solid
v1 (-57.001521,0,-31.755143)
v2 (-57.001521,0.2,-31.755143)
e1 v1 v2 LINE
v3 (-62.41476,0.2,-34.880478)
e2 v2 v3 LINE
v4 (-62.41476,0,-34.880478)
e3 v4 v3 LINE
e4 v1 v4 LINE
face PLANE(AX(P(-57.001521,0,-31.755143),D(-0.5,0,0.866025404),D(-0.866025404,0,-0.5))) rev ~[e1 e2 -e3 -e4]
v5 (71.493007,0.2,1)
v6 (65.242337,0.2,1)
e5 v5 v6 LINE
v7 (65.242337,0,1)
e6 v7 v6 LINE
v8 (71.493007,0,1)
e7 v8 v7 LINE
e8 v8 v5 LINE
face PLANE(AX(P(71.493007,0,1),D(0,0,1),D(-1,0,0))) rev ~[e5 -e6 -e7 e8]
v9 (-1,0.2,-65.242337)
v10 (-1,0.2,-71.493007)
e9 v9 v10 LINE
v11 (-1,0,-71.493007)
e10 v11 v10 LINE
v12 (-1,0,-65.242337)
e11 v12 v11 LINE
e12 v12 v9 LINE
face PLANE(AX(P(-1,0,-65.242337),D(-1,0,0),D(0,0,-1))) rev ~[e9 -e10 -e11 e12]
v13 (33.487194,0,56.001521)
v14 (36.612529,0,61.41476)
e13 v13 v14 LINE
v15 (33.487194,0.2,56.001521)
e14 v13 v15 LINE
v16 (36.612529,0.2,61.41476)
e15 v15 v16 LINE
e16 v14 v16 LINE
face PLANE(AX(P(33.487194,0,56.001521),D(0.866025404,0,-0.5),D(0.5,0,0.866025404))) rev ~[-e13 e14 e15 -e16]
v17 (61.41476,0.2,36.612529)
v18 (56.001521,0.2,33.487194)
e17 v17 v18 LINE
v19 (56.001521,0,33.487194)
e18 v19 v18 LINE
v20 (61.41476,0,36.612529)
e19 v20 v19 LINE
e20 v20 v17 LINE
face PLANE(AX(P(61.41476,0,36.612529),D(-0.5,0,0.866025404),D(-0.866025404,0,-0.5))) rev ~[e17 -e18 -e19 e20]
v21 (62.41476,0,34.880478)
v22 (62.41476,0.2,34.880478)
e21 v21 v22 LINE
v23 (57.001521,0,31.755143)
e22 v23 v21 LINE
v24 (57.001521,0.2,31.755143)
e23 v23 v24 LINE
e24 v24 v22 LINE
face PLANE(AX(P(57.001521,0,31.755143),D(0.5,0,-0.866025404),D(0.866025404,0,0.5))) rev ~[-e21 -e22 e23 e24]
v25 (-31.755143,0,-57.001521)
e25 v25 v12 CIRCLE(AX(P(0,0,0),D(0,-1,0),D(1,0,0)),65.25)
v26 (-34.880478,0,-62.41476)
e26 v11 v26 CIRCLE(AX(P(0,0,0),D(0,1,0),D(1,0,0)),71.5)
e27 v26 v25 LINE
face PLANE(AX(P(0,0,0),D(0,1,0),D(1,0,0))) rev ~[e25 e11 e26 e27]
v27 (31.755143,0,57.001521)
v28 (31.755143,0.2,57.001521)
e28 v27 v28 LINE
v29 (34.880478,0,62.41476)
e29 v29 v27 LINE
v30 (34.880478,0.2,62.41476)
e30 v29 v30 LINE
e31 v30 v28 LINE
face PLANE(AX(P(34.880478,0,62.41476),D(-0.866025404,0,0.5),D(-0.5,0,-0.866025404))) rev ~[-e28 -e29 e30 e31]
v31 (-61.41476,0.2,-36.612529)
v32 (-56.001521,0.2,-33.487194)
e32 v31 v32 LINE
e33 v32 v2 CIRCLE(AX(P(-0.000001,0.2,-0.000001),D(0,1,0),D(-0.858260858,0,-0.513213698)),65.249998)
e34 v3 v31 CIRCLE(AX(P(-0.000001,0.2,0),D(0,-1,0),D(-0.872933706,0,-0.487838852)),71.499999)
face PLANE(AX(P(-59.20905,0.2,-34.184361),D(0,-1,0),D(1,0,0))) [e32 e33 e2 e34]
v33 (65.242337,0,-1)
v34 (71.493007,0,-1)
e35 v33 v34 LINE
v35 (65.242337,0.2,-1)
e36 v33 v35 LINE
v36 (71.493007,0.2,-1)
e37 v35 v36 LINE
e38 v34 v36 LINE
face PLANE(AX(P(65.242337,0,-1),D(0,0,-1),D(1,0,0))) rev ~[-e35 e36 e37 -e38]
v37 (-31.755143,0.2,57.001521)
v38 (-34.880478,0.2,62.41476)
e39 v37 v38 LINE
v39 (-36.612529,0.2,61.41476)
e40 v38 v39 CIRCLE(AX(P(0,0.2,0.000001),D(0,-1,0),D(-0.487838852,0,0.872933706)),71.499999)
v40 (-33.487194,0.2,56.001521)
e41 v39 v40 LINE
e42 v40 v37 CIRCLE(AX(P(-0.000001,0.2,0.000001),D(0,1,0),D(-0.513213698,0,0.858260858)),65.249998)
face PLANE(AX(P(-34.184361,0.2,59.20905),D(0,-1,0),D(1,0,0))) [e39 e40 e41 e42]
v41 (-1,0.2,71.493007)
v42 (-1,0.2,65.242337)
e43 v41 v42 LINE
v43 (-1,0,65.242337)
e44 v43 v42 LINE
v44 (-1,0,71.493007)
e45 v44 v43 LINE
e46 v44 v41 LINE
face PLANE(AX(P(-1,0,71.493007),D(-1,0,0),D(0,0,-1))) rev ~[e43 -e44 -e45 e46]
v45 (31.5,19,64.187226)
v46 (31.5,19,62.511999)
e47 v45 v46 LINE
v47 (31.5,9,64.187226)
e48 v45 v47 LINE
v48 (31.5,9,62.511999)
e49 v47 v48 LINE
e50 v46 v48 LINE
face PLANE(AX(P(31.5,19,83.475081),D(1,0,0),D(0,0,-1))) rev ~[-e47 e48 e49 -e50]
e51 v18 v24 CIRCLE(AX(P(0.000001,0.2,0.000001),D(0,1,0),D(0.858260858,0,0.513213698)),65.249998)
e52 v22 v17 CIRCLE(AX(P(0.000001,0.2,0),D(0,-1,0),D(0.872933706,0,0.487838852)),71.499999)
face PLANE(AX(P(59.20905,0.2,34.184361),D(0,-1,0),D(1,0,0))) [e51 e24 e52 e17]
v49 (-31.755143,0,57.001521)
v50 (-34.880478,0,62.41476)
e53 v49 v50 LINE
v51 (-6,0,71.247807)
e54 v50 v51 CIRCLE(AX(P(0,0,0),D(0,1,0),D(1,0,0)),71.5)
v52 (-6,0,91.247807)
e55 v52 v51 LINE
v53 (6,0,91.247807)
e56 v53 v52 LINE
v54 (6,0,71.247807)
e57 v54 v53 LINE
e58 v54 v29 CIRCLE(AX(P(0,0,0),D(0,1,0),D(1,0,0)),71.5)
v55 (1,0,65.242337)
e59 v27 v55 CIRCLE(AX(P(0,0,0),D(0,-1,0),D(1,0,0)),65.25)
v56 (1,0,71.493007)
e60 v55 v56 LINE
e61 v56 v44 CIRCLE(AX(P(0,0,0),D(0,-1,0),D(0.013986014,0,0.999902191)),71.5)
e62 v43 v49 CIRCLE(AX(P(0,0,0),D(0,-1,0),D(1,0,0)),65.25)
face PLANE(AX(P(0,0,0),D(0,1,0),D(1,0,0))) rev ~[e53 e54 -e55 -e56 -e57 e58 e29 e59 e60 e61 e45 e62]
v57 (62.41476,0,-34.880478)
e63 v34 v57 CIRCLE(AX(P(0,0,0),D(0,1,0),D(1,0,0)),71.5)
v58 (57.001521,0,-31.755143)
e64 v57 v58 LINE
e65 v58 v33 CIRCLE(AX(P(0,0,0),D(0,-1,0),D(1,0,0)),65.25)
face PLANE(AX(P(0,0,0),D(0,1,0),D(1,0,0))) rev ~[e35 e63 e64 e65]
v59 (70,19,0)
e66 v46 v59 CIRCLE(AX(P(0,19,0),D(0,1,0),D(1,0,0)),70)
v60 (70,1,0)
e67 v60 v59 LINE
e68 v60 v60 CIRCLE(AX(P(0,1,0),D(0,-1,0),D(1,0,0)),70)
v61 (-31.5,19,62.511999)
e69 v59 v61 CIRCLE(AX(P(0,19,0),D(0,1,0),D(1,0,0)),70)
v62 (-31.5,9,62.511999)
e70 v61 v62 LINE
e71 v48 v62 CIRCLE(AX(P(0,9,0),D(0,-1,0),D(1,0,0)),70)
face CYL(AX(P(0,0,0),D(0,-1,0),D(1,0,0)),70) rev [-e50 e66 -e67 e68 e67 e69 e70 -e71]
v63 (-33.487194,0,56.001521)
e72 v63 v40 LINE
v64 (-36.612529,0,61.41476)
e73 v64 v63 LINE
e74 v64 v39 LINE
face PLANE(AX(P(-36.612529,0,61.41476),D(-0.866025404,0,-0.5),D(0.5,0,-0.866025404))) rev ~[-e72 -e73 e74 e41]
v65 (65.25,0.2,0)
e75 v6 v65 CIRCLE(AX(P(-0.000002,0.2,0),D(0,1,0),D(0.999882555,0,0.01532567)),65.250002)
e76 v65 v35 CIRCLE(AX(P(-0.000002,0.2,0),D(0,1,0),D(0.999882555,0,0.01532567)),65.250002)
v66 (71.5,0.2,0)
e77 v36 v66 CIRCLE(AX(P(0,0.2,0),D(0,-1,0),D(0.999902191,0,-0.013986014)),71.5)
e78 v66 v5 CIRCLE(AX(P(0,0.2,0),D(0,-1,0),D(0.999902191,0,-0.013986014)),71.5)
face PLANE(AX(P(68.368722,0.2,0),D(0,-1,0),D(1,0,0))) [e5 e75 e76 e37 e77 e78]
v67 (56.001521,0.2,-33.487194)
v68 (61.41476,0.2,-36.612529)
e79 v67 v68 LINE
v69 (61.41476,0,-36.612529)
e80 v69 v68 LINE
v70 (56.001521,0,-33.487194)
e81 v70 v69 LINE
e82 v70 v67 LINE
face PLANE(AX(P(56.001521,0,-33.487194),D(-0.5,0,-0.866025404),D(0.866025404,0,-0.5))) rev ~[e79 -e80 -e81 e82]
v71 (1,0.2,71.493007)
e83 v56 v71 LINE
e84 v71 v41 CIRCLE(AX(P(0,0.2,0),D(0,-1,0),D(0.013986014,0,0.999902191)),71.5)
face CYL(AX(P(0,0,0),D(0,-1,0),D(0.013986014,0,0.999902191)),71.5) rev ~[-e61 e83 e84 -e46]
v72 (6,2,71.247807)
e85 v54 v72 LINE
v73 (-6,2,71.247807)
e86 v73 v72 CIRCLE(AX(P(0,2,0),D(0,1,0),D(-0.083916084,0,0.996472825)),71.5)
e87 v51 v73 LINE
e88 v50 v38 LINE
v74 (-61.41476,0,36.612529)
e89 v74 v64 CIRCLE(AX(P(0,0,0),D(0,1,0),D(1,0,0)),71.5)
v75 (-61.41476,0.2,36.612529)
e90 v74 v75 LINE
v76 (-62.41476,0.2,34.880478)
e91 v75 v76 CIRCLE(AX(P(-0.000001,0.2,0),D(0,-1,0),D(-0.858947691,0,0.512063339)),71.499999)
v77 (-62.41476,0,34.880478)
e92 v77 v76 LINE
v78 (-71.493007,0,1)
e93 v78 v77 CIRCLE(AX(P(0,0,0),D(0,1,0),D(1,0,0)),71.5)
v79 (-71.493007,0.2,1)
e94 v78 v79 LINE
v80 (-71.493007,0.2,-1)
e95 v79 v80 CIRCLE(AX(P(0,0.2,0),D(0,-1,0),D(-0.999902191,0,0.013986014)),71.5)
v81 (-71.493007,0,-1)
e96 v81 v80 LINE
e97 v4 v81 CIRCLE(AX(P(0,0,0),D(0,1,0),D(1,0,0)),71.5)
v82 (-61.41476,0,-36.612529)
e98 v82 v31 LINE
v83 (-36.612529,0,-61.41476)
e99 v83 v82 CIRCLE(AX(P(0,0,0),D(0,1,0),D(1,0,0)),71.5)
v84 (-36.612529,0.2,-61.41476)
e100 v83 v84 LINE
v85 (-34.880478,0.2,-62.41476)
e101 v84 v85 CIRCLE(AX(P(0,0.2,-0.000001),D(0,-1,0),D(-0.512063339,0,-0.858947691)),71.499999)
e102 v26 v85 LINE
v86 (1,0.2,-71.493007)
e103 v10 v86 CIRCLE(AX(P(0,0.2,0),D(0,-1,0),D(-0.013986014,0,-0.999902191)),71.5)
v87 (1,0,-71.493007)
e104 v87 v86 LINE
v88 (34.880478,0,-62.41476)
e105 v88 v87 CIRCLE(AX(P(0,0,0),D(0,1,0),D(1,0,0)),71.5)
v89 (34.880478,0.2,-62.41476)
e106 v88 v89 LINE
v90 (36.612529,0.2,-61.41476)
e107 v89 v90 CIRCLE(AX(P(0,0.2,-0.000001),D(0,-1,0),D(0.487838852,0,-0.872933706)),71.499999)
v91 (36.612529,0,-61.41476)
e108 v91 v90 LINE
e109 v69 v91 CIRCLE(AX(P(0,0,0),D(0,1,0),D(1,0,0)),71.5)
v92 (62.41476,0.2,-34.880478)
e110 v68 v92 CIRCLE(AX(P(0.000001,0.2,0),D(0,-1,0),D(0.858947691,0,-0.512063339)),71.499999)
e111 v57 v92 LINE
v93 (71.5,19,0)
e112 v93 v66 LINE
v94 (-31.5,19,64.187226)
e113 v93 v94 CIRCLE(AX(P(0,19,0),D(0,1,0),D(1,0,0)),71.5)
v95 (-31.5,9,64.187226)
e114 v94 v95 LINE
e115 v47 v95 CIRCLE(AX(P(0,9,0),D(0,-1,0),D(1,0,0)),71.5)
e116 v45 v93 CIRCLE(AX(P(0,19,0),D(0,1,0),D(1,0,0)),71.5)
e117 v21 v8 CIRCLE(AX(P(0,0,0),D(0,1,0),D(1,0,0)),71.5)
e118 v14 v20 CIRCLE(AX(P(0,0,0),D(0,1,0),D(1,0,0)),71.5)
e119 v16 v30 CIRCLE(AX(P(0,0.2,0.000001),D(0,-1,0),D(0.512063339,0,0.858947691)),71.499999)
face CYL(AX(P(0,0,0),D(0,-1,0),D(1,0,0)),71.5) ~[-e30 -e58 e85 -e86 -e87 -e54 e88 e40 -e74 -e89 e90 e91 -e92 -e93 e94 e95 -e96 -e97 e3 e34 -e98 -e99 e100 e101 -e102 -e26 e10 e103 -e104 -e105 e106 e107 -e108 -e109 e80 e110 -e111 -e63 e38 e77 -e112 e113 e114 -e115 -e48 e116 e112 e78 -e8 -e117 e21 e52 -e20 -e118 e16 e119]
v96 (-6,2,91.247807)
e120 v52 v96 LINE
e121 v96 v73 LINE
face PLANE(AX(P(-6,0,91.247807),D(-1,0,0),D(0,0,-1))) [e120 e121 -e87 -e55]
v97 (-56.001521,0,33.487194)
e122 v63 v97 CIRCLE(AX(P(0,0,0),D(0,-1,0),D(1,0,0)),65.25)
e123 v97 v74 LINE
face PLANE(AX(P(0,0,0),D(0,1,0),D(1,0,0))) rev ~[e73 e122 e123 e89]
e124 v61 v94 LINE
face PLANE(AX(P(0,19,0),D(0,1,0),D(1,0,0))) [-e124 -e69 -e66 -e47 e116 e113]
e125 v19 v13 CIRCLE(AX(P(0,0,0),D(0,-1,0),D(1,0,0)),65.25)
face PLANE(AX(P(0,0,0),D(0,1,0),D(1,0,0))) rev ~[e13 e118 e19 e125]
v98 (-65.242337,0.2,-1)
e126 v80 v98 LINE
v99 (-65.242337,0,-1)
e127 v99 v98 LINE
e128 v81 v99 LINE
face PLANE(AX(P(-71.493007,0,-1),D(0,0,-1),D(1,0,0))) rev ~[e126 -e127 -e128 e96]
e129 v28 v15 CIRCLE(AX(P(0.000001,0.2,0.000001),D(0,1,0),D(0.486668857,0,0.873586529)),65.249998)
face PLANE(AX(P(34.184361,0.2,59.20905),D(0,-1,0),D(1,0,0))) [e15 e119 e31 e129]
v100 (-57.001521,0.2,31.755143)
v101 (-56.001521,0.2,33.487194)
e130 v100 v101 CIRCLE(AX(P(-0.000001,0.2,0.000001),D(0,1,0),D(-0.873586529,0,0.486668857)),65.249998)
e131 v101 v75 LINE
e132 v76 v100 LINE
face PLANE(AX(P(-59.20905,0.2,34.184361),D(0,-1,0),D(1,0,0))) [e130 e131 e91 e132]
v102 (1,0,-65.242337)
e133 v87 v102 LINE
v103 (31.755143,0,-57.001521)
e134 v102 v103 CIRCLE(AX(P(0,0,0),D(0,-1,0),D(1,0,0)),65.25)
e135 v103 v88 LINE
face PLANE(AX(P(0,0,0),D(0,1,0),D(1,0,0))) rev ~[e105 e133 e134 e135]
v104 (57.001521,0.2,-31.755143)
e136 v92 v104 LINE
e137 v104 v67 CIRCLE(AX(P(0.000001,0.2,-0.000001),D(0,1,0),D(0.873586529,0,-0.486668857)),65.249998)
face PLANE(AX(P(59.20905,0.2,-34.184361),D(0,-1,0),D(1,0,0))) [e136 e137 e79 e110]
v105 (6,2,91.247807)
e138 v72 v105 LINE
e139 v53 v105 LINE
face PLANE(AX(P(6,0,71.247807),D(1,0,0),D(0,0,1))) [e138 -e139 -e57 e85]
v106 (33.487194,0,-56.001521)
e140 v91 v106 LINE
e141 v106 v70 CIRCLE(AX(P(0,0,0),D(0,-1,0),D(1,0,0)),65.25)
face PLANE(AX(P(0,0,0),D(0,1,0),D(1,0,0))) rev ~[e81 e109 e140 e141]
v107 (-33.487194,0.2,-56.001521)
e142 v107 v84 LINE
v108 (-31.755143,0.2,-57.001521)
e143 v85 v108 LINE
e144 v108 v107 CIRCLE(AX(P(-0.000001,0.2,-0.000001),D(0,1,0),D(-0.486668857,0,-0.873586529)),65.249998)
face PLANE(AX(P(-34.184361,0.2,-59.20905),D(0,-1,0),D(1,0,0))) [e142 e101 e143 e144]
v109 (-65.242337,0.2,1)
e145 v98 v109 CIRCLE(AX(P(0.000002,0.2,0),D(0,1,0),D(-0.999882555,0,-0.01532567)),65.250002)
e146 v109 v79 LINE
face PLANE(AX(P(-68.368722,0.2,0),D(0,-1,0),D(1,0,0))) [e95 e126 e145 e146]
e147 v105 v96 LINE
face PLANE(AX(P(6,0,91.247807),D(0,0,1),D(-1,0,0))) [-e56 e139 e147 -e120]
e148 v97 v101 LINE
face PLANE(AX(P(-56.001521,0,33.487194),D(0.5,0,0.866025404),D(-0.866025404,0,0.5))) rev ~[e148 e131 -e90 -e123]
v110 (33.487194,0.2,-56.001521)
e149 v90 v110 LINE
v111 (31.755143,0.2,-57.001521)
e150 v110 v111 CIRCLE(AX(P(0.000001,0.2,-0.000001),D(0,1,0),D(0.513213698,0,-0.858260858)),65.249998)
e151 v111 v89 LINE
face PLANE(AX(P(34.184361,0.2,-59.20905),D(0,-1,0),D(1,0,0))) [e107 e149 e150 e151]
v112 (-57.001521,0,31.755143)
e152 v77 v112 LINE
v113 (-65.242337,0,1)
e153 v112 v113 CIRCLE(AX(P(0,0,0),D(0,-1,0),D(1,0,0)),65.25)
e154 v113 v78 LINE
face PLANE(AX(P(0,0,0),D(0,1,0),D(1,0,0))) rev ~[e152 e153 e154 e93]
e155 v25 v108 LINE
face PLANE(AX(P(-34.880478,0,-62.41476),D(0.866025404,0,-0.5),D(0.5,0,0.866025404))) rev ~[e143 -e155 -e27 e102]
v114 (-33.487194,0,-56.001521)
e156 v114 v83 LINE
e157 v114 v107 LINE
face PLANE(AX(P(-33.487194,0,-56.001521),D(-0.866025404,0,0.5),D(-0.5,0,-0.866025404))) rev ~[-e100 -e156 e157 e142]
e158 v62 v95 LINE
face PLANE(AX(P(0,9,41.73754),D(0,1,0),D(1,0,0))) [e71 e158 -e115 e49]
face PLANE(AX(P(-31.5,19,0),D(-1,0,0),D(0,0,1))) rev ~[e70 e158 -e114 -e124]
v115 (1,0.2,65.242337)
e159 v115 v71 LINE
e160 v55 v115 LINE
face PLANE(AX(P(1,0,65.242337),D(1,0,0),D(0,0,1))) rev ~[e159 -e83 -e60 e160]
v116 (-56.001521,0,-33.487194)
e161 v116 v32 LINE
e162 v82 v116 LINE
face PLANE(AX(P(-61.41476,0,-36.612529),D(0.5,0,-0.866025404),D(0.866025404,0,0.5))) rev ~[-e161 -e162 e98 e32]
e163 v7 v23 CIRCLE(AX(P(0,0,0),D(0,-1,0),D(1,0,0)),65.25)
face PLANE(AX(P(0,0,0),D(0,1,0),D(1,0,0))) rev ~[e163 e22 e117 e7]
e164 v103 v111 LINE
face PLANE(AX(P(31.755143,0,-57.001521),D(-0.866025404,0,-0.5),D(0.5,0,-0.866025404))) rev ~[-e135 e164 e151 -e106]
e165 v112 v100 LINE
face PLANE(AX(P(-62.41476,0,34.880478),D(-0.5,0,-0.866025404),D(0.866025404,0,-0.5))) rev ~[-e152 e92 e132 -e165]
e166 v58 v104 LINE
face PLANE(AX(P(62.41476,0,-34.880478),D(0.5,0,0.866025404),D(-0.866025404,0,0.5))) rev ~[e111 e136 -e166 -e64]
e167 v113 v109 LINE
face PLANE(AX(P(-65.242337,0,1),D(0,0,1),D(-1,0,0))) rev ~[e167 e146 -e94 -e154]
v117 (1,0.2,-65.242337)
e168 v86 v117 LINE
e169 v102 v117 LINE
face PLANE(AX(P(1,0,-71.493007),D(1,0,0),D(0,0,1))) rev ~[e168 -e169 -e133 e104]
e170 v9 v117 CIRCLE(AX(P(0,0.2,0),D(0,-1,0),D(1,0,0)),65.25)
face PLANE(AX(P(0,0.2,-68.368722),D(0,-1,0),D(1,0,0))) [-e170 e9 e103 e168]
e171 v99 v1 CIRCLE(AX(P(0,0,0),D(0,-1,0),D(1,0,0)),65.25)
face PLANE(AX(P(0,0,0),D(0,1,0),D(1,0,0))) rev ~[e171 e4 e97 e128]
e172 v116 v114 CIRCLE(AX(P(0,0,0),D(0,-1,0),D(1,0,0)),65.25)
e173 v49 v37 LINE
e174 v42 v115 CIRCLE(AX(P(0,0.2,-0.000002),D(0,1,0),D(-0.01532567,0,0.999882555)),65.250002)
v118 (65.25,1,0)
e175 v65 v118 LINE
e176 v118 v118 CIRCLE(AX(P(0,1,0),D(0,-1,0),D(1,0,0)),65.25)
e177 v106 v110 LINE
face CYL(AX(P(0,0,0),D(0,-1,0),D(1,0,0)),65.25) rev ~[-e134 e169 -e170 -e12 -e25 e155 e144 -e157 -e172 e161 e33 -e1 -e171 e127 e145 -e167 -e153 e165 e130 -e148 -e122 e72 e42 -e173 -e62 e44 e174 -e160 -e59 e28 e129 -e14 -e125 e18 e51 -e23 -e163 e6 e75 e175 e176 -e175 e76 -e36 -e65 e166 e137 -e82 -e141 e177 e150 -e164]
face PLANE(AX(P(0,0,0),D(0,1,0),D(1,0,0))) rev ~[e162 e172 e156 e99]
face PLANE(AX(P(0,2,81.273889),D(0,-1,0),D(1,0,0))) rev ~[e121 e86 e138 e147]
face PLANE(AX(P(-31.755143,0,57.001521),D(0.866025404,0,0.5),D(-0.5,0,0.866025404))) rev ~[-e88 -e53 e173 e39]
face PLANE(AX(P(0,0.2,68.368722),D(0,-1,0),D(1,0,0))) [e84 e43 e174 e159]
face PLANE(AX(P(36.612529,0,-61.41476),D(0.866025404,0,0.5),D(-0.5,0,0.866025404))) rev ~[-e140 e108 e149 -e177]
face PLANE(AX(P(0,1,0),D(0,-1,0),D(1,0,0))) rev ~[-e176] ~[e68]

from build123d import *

# Parameters (mm, degrees)
SKETCH_1_R          = 71.5
SKETCH_1_R_2        = 70
EXTRUDE_1_DEPTH     = 19
SKETCH_2_R          = 71.5
SKETCH_2_R_2        = 65.25
EXTRUDE_2_DEPTH     = 1
CUT_EXTRUDE_1_DEPTH = 10
EXTRUDE_4_DEPTH     = 2
CUT_EXTRUDE_2_DEPTH = 0.2


with BuildPart() as part:
    # 草图1 → 凸台-拉伸1 (new body)
    with BuildSketch(Plane(origin=(0, 0, 0), x_dir=(1, 0, 0), z_dir=(0, 1, 0))):
        Circle(SKETCH_1_R)
        Circle(SKETCH_1_R_2, mode=Mode.SUBTRACT)
    extrude(amount=EXTRUDE_1_DEPTH)

    # 草图2 → 凸台-拉伸2 (add)
    with BuildSketch(Plane.XZ):
        Circle(SKETCH_2_R)
        Circle(SKETCH_2_R_2, mode=Mode.SUBTRACT)
    extrude(amount=-EXTRUDE_2_DEPTH)

    # 草图4 → 切除-拉伸1 (cut)
    with BuildSketch(Plane(origin=(0, 19, 0), x_dir=(1, 0, 0), z_dir=(0, 1, 0))):
        Polygon((-31.5, 0), (-31.5, -83.475080556), (0, -83.475080556), (31.5, -83.475080556), (31.5, 0), align=None)
    extrude(amount=-CUT_EXTRUDE_1_DEPTH, mode=Mode.SUBTRACT)

    # 草图5 → 凸台-拉伸4 (add)
    with BuildSketch(Plane.XZ):
        with BuildLine():
            Line((6, 71.247806984), (6, 91.247806984))
            Line((6, 91.247806984), (-6, 91.247806984))
            Line((-6, 91.247806984), (-6, 71.247806984))
            ThreePointArc((-6, 71.247806984), (0, 71.5), (6, 71.247806984))
        make_face()
    extrude(amount=-EXTRUDE_4_DEPTH)

    # 草图6 → 切除-拉伸2 (cut)
    with BuildSketch(Plane.XZ):
        with BuildLine():
            Line((-1, -65.242336715), (-1, -71.493006651))
            ThreePointArc((-1, -71.493006651), (0, -71.5), (1, -71.493006651))
            Line((1, -71.493006651), (1, -65.242336715))
            ThreePointArc((1, -65.242336715), (0, -65.25), (-1, -65.242336715))
        make_face()
        with BuildLine():
            Line((1, -65.242336715), (-1, -65.242336715))
            ThreePointArc((-1, -65.242336715), (0, -65.25), (1, -65.242336715))
        make_face()
        with BuildLine():
            Line((-33.487193761, -56.001520997), (-36.612528729, -61.414759953))
            ThreePointArc((-36.612528729, -61.414759953), (-35.75, -61.920816371), (-34.880477922, -62.414759953))
            Line((-34.880477922, -62.414759953), (-31.755142954, -57.001520997))
            ThreePointArc((-31.755142954, -57.001520997), (-32.625, -56.508157597), (-33.487193761, -56.001520997))
        make_face()
        with BuildLine():
            Line((-57.001520997, -31.755142954), (-62.414759953, -34.880477922))
            ThreePointArc((-62.414759953, -34.880477922), (-61.920816371, -35.75), (-61.414759953, -36.612528729))
            Line((-61.414759953, -36.612528729), (-56.001520997, -33.487193761))
            ThreePointArc((-56.001520997, -33.487193761), (-56.508157597, -32.625), (-57.001520997, -31.755142954))
        make_face()
        with BuildLine():
            Line((-65.242336715, 1), (-71.493006651, 1))
            ThreePointArc((-71.493006651, 1), (-71.5, 0), (-71.493006651, -1))
            Line((-71.493006651, -1), (-65.242336715, -1))
            ThreePointArc((-65.242336715, -1), (-65.25, 0), (-65.242336715, 1))
        make_face()
        with BuildLine():
            Line((-56.001520997, 33.487193761), (-61.414759953, 36.612528729))
            ThreePointArc((-61.414759953, 36.612528729), (-61.920816371, 35.75), (-62.414759953, 34.880477922))
            Line((-62.414759953, 34.880477922), (-57.001520997, 31.755142954))
            ThreePointArc((-57.001520997, 31.755142954), (-56.508157597, 32.625), (-56.001520997, 33.487193761))
        make_face()
        with BuildLine():
            Line((-31.755142954, 57.001520997), (-34.880477922, 62.414759953))
            ThreePointArc((-34.880477922, 62.414759953), (-35.75, 61.920816371), (-36.612528729, 61.414759953))
            Line((-36.612528729, 61.414759953), (-33.487193761, 56.001520997))
            ThreePointArc((-33.487193761, 56.001520997), (-32.625, 56.508157597), (-31.755142954, 57.001520997))
        make_face()
        with BuildLine():
            Line((1, 65.242336715), (1, 71.493006651))
            ThreePointArc((1, 71.493006651), (0, 71.5), (-1, 71.493006651))
            Line((-1, 71.493006651), (-1, 65.242336715))
            ThreePointArc((-1, 65.242336715), (0, 65.25), (1, 65.242336715))
        make_face()
        with BuildLine():
            Line((33.487193761, 56.001520997), (36.612528729, 61.414759953))
            ThreePointArc((36.612528729, 61.414759953), (35.75, 61.920816371), (34.880477922, 62.414759953))
            Line((34.880477922, 62.414759953), (31.755142954, 57.001520997))
            ThreePointArc((31.755142954, 57.001520997), (32.625, 56.508157597), (33.487193761, 56.001520997))
        make_face()
        with BuildLine():
            Line((57.001520997, 31.755142954), (62.414759953, 34.880477922))
            ThreePointArc((62.414759953, 34.880477922), (61.920816371, 35.75), (61.414759953, 36.612528729))
            Line((61.414759953, 36.612528729), (56.001520997, 33.487193761))
            ThreePointArc((56.001520997, 33.487193761), (56.508157597, 32.625), (57.001520997, 31.755142954))
        make_face()
        with BuildLine():
            Line((65.242336715, -1), (71.493006651, -1))
            ThreePointArc((71.493006651, -1), (71.5, 0), (71.493006651, 1))
            Line((71.493006651, 1), (65.242336715, 1))
            ThreePointArc((65.242336715, 1), (65.25, 0), (65.242336715, -1))
        make_face()
        with BuildLine():
            Line((56.001520997, -33.487193761), (61.414759953, -36.612528729))
            ThreePointArc((61.414759953, -36.612528729), (61.920816371, -35.75), (62.414759953, -34.880477922))
            Line((62.414759953, -34.880477922), (57.001520997, -31.755142954))
            ThreePointArc((57.001520997, -31.755142954), (56.508157597, -32.625), (56.001520997, -33.487193761))
        make_face()
        with BuildLine():
            Line((31.755142954, -57.001520997), (34.880477922, -62.414759953))
            ThreePointArc((34.880477922, -62.414759953), (35.75, -61.920816371), (36.612528729, -61.414759953))
            Line((36.612528729, -61.414759953), (33.487193761, -56.001520997))
            ThreePointArc((33.487193761, -56.001520997), (32.625, -56.508157597), (31.755142954, -57.001520997))
        make_face()
    extrude(amount=-CUT_EXTRUDE_2_DEPTH, mode=Mode.SUBTRACT)


solid = part.part
